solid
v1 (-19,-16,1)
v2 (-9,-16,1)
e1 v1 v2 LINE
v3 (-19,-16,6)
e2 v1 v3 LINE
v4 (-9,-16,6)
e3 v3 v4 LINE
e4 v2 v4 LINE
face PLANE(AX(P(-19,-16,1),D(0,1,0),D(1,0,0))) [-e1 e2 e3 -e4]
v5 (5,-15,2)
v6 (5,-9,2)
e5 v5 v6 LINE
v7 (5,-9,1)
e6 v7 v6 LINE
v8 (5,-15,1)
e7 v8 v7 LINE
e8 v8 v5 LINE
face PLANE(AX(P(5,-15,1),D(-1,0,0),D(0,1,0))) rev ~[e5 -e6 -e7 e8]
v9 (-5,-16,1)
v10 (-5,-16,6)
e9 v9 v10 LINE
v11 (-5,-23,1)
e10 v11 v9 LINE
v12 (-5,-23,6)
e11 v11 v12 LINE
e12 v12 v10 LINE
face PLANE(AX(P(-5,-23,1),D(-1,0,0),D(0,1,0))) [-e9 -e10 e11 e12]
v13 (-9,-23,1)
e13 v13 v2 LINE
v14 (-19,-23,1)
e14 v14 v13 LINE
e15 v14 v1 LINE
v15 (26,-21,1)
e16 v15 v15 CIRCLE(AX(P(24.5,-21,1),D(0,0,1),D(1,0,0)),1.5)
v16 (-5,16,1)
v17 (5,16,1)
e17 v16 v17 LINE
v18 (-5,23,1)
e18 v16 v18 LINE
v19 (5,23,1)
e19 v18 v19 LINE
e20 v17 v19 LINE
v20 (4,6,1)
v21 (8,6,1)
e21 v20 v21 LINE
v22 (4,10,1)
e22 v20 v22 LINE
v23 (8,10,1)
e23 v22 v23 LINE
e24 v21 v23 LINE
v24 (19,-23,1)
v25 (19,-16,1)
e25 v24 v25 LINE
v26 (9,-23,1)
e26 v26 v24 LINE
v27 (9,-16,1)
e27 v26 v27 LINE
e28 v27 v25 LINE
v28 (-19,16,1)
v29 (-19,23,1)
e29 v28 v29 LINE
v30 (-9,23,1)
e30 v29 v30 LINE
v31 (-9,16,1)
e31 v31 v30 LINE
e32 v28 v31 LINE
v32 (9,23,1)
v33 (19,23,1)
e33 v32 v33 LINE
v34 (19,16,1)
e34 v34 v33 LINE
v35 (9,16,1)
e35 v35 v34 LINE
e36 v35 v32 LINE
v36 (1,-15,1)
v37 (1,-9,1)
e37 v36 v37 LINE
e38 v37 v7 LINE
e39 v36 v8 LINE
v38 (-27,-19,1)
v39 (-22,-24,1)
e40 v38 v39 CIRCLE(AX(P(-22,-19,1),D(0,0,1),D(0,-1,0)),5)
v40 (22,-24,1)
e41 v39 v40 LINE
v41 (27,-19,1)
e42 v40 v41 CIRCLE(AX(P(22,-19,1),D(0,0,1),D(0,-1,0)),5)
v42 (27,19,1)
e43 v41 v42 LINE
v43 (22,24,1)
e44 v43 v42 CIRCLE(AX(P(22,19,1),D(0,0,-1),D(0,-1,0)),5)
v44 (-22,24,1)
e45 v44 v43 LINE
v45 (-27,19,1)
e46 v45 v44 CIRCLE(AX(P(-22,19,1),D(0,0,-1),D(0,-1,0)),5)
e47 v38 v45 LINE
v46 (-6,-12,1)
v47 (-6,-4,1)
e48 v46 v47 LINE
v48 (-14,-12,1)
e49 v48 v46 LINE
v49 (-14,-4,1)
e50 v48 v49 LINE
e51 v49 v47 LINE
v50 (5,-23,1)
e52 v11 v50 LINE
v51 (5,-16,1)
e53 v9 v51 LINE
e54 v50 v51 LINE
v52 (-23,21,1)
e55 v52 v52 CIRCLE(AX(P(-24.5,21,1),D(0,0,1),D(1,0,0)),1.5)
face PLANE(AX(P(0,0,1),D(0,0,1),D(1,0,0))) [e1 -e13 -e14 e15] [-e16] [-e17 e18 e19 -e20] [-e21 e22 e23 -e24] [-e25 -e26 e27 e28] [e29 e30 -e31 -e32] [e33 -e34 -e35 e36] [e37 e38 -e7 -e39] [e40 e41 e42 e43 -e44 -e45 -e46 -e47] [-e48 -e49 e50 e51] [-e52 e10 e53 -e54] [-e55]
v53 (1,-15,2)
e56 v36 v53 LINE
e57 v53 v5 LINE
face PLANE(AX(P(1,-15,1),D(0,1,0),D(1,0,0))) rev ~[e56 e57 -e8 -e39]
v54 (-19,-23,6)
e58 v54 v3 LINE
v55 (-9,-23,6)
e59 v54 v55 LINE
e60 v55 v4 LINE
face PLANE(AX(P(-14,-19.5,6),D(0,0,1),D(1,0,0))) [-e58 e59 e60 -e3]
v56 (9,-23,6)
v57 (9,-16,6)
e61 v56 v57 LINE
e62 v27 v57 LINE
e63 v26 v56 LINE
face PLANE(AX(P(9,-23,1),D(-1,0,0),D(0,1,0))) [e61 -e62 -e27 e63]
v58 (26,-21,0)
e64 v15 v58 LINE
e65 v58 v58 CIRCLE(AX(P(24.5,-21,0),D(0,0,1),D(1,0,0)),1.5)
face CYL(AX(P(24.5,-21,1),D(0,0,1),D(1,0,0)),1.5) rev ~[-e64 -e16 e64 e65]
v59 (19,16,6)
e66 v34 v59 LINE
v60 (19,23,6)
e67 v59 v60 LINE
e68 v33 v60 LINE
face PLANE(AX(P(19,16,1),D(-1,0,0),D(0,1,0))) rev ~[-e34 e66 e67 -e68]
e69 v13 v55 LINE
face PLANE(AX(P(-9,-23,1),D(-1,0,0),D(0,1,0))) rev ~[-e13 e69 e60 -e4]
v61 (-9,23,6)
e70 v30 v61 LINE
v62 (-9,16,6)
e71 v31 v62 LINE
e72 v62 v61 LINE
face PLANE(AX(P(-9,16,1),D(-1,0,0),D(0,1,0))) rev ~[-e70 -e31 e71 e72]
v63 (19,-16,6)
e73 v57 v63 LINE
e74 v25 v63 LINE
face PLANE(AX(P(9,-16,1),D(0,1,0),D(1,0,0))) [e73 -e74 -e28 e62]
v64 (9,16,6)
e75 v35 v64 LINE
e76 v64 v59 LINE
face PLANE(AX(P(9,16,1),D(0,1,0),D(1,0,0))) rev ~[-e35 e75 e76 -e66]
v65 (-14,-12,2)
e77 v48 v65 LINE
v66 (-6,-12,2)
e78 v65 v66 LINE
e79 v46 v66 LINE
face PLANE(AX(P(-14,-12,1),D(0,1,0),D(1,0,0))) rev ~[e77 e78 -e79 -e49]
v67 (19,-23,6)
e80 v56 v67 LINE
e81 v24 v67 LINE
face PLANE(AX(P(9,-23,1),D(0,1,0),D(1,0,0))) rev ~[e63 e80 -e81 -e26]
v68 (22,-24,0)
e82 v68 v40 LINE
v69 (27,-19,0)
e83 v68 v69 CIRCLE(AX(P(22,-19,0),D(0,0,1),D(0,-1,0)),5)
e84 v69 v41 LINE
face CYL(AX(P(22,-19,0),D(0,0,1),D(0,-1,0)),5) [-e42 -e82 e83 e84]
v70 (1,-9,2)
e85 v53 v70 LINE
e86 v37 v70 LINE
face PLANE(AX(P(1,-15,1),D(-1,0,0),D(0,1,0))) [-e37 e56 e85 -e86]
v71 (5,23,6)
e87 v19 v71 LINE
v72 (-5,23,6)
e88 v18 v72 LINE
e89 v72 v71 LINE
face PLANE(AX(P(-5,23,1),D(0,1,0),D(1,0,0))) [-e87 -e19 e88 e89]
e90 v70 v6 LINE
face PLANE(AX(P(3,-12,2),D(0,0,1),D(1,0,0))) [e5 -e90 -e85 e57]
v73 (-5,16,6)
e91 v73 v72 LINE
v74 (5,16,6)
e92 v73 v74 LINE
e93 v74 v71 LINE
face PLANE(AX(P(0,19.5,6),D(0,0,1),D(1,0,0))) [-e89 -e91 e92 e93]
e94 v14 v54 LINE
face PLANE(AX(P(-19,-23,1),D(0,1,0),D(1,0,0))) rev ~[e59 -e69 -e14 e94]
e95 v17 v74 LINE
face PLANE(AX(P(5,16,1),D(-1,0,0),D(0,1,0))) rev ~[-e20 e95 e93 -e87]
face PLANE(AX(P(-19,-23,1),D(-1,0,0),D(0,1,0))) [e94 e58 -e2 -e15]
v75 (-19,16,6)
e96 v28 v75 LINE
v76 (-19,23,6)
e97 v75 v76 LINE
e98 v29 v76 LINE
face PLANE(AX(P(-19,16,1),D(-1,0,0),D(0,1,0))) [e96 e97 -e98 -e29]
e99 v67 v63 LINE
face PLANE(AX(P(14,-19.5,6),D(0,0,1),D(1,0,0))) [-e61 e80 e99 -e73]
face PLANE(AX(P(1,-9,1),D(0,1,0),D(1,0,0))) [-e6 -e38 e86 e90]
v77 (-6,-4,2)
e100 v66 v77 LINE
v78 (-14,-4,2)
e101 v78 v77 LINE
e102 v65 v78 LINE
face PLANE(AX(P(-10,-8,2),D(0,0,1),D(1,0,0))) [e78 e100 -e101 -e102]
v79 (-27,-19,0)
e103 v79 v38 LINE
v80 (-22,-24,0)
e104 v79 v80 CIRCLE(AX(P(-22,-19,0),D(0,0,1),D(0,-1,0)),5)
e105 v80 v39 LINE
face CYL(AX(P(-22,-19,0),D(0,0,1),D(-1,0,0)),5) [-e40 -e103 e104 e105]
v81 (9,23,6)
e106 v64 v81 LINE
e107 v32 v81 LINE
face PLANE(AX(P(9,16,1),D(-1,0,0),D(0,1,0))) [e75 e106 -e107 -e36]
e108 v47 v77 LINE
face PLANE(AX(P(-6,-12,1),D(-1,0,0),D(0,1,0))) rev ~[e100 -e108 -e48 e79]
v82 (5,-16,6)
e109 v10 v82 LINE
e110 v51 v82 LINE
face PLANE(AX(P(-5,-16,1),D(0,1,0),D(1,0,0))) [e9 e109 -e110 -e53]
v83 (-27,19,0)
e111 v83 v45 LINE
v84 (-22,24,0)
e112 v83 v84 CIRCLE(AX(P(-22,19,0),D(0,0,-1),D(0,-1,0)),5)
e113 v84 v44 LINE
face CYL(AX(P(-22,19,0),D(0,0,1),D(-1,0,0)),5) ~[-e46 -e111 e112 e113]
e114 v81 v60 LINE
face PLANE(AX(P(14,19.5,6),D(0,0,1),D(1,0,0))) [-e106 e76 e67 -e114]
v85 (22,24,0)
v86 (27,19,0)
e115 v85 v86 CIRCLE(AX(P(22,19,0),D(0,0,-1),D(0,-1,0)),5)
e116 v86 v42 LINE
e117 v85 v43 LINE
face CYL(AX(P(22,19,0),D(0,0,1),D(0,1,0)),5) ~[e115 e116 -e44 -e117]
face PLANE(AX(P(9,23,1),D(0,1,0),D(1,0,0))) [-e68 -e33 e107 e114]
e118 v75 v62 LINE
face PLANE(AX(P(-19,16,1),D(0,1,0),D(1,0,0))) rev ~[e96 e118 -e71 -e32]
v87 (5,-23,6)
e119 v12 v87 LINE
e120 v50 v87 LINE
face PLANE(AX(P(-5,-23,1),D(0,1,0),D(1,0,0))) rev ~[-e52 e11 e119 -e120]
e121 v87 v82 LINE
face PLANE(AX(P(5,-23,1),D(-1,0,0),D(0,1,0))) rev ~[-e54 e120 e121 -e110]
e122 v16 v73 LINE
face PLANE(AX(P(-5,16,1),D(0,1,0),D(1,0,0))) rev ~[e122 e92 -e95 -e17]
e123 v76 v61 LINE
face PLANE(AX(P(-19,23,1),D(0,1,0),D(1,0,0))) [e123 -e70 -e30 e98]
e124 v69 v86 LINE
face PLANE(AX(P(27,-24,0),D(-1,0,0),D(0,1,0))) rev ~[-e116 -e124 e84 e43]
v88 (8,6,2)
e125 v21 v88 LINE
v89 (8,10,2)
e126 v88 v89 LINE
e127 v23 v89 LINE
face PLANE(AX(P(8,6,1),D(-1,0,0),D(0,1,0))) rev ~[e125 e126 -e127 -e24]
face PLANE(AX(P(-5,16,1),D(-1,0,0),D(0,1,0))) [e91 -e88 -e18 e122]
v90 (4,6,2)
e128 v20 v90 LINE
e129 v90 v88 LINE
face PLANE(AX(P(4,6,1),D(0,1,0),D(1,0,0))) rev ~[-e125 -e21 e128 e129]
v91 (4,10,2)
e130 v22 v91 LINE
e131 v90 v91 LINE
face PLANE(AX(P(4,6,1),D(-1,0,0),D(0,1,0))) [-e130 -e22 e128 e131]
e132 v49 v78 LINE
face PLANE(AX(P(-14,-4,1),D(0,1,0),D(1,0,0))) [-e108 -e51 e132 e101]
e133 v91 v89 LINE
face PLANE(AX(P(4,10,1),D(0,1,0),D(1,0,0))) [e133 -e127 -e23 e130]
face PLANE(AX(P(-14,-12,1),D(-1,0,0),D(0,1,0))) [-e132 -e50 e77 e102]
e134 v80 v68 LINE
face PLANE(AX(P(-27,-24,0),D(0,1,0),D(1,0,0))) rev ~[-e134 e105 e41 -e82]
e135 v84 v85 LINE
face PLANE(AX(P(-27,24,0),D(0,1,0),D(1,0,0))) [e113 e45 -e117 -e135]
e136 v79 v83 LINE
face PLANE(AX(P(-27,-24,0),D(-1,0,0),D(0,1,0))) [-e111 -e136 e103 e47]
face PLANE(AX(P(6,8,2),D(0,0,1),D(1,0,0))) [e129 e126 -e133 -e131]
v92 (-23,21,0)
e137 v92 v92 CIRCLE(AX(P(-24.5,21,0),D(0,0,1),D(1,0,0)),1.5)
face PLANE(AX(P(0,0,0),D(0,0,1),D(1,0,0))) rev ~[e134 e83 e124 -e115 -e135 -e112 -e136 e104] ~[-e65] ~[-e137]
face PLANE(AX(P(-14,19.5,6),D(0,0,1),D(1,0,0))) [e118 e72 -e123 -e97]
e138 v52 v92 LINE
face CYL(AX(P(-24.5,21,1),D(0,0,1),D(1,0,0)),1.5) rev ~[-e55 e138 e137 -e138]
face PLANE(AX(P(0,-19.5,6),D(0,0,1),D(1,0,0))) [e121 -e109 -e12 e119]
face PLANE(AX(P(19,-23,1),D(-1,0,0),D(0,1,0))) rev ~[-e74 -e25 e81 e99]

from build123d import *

# Parameters (mm, degrees)
SKETCH_1_W          = 54
SKETCH_1_H          = 48
EXTRUDE_1_DEPTH     = 1
SKETCH_2_R          = 1.5
CUT_EXTRUDE_1_DEPTH = 37.138621999
FILLET_1_R          = 5
SKETCH_3_W          = 10
SKETCH_3_H          = 7
EXTRUDE_2_DEPTH     = 5
SKETCH_4_W          = 8
SKETCH_4_H          = 8
SKETCH_4_W_2        = 4
SKETCH_4_H_2        = 6
SKETCH_4_H_3        = 4
EXTRUDE_3_DEPTH     = 1


with BuildPart() as part:
    # ｽｹｯﾁ1 → ﾎﾞｽ - 押し出し1 (new body)
    with BuildSketch(Plane.XY):
        Rectangle(SKETCH_1_W, SKETCH_1_H)
    extrude(amount=EXTRUDE_1_DEPTH)

    # ｽｹｯﾁ2 → ｶｯﾄ - 押し出し1 (cut, through all)
    with BuildSketch(Plane.XY.offset(1)):
        with Locations((-24.5, 21)):
            Circle(SKETCH_2_R)
        with Locations((24.5, -21)):
            Circle(SKETCH_2_R)
    extrude(amount=-CUT_EXTRUDE_1_DEPTH, mode=Mode.SUBTRACT)

    # ﾌｨﾚｯﾄ1
    fillet_1_edges = [part.edges().sort_by_distance(p)[0] for p in [
        (27, -24, 0.5),
        (-27, -24, 0.5),
        (-27, 24, 0.5),
        (27, 24, 0.5),
    ]]
    fillet(fillet_1_edges, radius=FILLET_1_R)

    # ｽｹｯﾁ3 → ﾎﾞｽ - 押し出し2 (add)
    with BuildSketch(Plane.XY.offset(1)):
        with Locations((-14, 19.5)):
            Rectangle(SKETCH_3_W, SKETCH_3_H)
        with Locations((0, 19.5)):
            Rectangle(SKETCH_3_W, SKETCH_3_H)
        with Locations((14, 19.5)):
            Rectangle(SKETCH_3_W, SKETCH_3_H)
        with Locations((-14, -19.5)):
            Rectangle(SKETCH_3_W, SKETCH_3_H)
        with Locations((0, -19.5)):
            Rectangle(SKETCH_3_W, SKETCH_3_H)
        with Locations((14, -19.5)):
            Rectangle(SKETCH_3_W, SKETCH_3_H)
    extrude(amount=EXTRUDE_2_DEPTH)

    # ｽｹｯﾁ4 → ﾎﾞｽ - 押し出し3 (add)
    with BuildSketch(Plane.XY.offset(1)):
        with Locations((-10, -8)):
            Rectangle(SKETCH_4_W, SKETCH_4_H)
        with Locations((3, -12)):
            Rectangle(SKETCH_4_W_2, SKETCH_4_H_2)
        with Locations((6, 8)):
            Rectangle(SKETCH_4_W_2, SKETCH_4_H_3)
    extrude(amount=EXTRUDE_3_DEPTH)


solid = part.part
